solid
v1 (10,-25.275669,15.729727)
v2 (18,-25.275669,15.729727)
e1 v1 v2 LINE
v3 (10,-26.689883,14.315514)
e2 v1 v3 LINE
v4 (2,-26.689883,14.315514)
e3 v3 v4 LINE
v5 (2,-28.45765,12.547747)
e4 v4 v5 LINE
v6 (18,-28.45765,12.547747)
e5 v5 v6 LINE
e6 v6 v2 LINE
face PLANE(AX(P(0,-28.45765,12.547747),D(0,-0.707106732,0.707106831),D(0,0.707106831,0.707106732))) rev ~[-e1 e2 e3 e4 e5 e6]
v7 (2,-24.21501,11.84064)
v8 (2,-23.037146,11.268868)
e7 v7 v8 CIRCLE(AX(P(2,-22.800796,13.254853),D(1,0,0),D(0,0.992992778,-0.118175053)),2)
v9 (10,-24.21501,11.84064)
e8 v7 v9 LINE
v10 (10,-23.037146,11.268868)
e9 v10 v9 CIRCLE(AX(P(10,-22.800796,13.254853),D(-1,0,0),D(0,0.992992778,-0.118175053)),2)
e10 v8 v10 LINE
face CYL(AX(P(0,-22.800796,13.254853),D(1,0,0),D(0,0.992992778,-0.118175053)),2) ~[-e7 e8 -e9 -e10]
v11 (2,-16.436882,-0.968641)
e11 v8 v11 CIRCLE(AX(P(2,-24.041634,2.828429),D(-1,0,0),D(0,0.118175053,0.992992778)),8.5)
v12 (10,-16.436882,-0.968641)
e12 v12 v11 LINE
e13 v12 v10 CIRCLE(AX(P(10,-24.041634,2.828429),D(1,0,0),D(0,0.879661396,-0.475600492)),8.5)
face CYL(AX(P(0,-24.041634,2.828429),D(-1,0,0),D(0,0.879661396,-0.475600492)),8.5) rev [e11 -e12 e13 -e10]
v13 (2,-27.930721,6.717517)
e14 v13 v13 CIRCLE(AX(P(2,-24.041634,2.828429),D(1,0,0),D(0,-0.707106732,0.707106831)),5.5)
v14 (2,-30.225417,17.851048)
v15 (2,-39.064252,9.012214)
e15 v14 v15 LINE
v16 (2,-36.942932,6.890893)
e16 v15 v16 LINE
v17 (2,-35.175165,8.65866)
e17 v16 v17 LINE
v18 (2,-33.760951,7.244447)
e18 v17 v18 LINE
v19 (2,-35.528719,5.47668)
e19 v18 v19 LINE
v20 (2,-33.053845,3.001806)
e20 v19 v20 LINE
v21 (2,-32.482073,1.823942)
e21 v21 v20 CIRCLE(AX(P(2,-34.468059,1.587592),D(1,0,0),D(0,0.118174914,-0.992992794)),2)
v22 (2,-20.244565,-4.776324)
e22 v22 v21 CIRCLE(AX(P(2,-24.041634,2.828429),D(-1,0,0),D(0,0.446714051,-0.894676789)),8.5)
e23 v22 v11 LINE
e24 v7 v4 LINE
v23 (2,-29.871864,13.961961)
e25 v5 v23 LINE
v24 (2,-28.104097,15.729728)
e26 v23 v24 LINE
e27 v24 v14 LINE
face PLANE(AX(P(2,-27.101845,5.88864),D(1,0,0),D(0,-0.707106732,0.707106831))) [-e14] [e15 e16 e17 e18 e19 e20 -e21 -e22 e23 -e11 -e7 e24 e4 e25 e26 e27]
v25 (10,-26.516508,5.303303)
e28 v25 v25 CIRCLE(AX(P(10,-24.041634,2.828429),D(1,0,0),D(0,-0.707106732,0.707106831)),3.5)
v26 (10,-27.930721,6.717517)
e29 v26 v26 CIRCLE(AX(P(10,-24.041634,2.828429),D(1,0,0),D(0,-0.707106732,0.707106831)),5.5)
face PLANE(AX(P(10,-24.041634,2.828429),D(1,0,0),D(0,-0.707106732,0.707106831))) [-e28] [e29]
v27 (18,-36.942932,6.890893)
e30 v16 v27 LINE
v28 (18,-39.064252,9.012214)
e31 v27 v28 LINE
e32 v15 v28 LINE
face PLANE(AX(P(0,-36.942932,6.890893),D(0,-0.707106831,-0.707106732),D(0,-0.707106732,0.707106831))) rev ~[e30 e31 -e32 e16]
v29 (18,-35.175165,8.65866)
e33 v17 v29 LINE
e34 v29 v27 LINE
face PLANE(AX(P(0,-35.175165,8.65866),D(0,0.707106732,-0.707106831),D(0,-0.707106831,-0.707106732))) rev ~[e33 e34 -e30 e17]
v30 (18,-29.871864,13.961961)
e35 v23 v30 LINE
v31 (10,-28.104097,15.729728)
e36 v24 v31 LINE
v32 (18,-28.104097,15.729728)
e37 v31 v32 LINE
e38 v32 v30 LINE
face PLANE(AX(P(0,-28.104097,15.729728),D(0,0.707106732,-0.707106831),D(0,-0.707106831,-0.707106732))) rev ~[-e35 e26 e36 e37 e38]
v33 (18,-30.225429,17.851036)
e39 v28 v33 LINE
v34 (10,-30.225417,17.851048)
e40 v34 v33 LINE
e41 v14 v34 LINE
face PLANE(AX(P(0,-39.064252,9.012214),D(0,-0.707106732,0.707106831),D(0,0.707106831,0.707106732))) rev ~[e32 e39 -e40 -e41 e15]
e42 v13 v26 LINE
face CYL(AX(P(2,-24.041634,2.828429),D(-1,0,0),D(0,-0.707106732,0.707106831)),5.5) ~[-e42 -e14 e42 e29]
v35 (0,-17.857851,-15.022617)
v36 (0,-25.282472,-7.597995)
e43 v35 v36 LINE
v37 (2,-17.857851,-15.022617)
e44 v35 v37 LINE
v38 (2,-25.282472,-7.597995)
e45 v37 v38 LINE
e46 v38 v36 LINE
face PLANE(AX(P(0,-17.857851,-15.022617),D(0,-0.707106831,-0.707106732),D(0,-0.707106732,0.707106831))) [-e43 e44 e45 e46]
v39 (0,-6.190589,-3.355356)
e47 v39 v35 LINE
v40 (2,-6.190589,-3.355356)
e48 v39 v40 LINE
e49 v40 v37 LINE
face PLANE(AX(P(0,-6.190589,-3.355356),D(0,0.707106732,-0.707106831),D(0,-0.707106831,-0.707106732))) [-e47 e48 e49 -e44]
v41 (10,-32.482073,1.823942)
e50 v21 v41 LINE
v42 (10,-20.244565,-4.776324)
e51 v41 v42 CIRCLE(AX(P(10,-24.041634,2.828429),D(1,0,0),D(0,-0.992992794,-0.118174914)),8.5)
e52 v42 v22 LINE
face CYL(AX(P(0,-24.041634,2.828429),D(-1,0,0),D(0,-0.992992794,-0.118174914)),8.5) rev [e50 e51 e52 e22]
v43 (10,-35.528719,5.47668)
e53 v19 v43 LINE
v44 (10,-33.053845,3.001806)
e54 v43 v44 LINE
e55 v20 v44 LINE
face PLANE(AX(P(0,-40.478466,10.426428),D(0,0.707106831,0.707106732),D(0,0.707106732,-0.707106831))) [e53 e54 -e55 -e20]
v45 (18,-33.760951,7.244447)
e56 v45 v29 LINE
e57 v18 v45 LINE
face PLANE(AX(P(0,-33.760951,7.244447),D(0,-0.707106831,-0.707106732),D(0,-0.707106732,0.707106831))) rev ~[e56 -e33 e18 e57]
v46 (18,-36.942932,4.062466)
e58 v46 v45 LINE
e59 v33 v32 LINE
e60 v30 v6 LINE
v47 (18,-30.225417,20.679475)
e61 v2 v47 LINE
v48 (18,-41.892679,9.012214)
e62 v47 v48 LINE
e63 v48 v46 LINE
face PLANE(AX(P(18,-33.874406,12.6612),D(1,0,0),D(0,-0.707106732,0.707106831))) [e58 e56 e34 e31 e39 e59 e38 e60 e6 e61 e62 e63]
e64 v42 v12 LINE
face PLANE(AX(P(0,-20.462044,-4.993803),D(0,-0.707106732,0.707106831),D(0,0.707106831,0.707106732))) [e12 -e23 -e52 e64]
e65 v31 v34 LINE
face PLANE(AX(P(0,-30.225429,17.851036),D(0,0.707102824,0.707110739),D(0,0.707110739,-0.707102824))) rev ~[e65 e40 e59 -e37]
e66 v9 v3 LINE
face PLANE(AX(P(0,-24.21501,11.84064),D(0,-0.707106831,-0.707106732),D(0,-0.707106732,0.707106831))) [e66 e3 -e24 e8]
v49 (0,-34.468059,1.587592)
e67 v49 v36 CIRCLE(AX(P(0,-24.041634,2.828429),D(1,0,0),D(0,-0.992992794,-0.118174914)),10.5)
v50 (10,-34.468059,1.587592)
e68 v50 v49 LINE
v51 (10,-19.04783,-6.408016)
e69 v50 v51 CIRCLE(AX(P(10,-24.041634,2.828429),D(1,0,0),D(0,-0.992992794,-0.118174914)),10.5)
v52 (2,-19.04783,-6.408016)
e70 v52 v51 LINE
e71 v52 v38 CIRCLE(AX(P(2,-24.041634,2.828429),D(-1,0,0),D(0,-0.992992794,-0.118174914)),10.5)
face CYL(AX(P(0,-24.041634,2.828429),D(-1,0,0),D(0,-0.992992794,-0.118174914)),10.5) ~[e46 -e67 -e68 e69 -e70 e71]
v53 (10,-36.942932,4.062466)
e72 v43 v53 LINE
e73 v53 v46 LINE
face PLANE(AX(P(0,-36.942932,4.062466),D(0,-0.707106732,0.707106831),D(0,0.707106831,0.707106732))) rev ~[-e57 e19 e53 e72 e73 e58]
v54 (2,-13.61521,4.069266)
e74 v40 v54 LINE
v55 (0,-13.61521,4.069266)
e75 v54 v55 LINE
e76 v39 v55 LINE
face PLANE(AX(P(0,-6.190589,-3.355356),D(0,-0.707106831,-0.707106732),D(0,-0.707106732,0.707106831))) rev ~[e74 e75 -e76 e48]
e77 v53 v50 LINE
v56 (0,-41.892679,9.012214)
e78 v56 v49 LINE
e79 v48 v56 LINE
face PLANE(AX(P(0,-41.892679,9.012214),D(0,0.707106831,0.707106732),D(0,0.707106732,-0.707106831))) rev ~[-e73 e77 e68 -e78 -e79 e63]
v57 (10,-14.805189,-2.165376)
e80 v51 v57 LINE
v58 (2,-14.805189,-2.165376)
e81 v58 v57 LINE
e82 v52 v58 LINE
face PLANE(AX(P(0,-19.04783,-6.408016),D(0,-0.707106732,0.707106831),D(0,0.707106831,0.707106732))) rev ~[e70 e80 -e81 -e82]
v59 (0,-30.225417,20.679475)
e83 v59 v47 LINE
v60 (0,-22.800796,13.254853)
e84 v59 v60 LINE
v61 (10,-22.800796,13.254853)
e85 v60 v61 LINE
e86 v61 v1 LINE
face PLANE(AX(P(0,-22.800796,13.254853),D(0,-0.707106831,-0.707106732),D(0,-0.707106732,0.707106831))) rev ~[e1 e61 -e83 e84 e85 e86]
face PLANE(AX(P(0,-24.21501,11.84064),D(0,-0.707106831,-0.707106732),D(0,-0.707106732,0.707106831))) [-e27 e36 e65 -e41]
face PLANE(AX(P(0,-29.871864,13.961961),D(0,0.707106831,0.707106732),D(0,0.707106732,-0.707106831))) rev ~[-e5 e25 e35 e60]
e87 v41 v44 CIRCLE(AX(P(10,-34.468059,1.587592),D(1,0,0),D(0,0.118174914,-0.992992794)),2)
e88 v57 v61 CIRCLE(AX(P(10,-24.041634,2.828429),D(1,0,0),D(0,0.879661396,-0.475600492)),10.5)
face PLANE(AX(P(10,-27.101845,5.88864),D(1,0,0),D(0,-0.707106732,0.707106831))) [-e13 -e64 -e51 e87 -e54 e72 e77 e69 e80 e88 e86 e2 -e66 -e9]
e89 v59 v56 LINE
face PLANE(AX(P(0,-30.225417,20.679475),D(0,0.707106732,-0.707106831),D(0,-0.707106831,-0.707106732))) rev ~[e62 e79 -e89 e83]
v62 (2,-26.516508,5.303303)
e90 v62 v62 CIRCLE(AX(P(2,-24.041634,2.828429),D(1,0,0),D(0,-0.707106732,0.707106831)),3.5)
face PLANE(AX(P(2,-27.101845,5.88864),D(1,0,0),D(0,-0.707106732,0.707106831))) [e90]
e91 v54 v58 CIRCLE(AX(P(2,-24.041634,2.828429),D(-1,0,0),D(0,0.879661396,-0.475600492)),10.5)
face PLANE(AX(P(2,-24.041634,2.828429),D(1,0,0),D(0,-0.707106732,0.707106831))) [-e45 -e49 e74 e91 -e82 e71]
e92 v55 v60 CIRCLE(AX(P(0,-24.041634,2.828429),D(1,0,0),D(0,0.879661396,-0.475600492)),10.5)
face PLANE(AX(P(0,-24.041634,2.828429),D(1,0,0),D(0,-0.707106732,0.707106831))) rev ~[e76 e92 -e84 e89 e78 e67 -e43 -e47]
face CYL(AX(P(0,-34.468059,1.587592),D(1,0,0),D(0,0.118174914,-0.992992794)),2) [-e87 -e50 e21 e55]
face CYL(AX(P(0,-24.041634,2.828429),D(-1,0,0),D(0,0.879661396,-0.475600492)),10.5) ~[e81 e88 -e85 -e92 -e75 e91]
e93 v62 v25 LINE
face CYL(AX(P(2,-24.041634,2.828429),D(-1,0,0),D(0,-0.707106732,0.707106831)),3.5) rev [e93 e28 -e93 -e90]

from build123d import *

# Parameters (mm, degrees)
PAD_DEPTH            = 10
THICKNESS_T          = -2
PAD001_DEPTH         = 18
SKETCH002_R          = 5.5
SKETCH002_R_2        = 3.5
PAD002_DEPTH         = 8
SKETCH003_W          = 33.990382
SKETCH003_H          = 16.5
PAD003_DEPTH         = 2
BODY_PLACEMENT_ANGLE = 134.999996


with BuildPart() as part:
    # Sketch → Pad (new body)
    with BuildSketch(Plane.YZ):
        with BuildLine():
            ThreePointArc((6.495191, 8.25), (-3.173595, 10.008911), (-10.062306, 3))
            Line((-10.062306, 3), (-10.062306, -3))
            ThreePointArc((-10.062306, -3), (-3.173595, -10.008911), (6.495191, -8.25))
            Line((6.495191, -8.25), (16.995191, -8.25))
            Line((16.995191, -8.25), (16.995191, 8.25))
            Line((16.995191, 8.25), (6.495191, 8.25))
        make_face()
    extrude(amount=PAD_DEPTH)

    # Thickness
    thickness_openings = [part.faces().sort_by_distance(p)[0] for p in [
        (10, 3.557762, 0),
    ]]
    offset(amount=THICKNESS_T, openings=thickness_openings)

    # Sketch001 → Pad001 (join)
    with BuildSketch(Plane.YZ):
        Polygon((16.995191, 8.25), (9.995191, 8.25), (9.995191, 3.75), (11.995191, 3.75), (11.995191, 6.25), (14.995191, 6.25), (14.995191, -6.249983), (11.995191, -6.25), (11.995191, -3.75), (9.995191, -3.75), (9.995191, -8.25), (16.995191, -8.25), align=None)
    extrude(amount=PAD001_DEPTH)

    # Sketch002 (on Face22 of Pad001) → Pad002 (join)
    with BuildSketch(Plane.YZ.offset(2)):
        Circle(SKETCH002_R)
        Circle(SKETCH002_R_2, mode=Mode.SUBTRACT)
    extrude(amount=PAD002_DEPTH)

    # Sketch003 → Pad003 (join)
    with BuildSketch(Plane.YZ):
        Rectangle(SKETCH003_W, SKETCH003_H)
    extrude(amount=PAD003_DEPTH)


with BuildPart() as part_1:
    # Body placement: moved
    add(part.part.moved(Location((0, -24.041634, 2.828429))).rotate(Axis((0, -24.041634, 2.828429), (1, 0, 0)), BODY_PLACEMENT_ANGLE))


solid = part_1.part
